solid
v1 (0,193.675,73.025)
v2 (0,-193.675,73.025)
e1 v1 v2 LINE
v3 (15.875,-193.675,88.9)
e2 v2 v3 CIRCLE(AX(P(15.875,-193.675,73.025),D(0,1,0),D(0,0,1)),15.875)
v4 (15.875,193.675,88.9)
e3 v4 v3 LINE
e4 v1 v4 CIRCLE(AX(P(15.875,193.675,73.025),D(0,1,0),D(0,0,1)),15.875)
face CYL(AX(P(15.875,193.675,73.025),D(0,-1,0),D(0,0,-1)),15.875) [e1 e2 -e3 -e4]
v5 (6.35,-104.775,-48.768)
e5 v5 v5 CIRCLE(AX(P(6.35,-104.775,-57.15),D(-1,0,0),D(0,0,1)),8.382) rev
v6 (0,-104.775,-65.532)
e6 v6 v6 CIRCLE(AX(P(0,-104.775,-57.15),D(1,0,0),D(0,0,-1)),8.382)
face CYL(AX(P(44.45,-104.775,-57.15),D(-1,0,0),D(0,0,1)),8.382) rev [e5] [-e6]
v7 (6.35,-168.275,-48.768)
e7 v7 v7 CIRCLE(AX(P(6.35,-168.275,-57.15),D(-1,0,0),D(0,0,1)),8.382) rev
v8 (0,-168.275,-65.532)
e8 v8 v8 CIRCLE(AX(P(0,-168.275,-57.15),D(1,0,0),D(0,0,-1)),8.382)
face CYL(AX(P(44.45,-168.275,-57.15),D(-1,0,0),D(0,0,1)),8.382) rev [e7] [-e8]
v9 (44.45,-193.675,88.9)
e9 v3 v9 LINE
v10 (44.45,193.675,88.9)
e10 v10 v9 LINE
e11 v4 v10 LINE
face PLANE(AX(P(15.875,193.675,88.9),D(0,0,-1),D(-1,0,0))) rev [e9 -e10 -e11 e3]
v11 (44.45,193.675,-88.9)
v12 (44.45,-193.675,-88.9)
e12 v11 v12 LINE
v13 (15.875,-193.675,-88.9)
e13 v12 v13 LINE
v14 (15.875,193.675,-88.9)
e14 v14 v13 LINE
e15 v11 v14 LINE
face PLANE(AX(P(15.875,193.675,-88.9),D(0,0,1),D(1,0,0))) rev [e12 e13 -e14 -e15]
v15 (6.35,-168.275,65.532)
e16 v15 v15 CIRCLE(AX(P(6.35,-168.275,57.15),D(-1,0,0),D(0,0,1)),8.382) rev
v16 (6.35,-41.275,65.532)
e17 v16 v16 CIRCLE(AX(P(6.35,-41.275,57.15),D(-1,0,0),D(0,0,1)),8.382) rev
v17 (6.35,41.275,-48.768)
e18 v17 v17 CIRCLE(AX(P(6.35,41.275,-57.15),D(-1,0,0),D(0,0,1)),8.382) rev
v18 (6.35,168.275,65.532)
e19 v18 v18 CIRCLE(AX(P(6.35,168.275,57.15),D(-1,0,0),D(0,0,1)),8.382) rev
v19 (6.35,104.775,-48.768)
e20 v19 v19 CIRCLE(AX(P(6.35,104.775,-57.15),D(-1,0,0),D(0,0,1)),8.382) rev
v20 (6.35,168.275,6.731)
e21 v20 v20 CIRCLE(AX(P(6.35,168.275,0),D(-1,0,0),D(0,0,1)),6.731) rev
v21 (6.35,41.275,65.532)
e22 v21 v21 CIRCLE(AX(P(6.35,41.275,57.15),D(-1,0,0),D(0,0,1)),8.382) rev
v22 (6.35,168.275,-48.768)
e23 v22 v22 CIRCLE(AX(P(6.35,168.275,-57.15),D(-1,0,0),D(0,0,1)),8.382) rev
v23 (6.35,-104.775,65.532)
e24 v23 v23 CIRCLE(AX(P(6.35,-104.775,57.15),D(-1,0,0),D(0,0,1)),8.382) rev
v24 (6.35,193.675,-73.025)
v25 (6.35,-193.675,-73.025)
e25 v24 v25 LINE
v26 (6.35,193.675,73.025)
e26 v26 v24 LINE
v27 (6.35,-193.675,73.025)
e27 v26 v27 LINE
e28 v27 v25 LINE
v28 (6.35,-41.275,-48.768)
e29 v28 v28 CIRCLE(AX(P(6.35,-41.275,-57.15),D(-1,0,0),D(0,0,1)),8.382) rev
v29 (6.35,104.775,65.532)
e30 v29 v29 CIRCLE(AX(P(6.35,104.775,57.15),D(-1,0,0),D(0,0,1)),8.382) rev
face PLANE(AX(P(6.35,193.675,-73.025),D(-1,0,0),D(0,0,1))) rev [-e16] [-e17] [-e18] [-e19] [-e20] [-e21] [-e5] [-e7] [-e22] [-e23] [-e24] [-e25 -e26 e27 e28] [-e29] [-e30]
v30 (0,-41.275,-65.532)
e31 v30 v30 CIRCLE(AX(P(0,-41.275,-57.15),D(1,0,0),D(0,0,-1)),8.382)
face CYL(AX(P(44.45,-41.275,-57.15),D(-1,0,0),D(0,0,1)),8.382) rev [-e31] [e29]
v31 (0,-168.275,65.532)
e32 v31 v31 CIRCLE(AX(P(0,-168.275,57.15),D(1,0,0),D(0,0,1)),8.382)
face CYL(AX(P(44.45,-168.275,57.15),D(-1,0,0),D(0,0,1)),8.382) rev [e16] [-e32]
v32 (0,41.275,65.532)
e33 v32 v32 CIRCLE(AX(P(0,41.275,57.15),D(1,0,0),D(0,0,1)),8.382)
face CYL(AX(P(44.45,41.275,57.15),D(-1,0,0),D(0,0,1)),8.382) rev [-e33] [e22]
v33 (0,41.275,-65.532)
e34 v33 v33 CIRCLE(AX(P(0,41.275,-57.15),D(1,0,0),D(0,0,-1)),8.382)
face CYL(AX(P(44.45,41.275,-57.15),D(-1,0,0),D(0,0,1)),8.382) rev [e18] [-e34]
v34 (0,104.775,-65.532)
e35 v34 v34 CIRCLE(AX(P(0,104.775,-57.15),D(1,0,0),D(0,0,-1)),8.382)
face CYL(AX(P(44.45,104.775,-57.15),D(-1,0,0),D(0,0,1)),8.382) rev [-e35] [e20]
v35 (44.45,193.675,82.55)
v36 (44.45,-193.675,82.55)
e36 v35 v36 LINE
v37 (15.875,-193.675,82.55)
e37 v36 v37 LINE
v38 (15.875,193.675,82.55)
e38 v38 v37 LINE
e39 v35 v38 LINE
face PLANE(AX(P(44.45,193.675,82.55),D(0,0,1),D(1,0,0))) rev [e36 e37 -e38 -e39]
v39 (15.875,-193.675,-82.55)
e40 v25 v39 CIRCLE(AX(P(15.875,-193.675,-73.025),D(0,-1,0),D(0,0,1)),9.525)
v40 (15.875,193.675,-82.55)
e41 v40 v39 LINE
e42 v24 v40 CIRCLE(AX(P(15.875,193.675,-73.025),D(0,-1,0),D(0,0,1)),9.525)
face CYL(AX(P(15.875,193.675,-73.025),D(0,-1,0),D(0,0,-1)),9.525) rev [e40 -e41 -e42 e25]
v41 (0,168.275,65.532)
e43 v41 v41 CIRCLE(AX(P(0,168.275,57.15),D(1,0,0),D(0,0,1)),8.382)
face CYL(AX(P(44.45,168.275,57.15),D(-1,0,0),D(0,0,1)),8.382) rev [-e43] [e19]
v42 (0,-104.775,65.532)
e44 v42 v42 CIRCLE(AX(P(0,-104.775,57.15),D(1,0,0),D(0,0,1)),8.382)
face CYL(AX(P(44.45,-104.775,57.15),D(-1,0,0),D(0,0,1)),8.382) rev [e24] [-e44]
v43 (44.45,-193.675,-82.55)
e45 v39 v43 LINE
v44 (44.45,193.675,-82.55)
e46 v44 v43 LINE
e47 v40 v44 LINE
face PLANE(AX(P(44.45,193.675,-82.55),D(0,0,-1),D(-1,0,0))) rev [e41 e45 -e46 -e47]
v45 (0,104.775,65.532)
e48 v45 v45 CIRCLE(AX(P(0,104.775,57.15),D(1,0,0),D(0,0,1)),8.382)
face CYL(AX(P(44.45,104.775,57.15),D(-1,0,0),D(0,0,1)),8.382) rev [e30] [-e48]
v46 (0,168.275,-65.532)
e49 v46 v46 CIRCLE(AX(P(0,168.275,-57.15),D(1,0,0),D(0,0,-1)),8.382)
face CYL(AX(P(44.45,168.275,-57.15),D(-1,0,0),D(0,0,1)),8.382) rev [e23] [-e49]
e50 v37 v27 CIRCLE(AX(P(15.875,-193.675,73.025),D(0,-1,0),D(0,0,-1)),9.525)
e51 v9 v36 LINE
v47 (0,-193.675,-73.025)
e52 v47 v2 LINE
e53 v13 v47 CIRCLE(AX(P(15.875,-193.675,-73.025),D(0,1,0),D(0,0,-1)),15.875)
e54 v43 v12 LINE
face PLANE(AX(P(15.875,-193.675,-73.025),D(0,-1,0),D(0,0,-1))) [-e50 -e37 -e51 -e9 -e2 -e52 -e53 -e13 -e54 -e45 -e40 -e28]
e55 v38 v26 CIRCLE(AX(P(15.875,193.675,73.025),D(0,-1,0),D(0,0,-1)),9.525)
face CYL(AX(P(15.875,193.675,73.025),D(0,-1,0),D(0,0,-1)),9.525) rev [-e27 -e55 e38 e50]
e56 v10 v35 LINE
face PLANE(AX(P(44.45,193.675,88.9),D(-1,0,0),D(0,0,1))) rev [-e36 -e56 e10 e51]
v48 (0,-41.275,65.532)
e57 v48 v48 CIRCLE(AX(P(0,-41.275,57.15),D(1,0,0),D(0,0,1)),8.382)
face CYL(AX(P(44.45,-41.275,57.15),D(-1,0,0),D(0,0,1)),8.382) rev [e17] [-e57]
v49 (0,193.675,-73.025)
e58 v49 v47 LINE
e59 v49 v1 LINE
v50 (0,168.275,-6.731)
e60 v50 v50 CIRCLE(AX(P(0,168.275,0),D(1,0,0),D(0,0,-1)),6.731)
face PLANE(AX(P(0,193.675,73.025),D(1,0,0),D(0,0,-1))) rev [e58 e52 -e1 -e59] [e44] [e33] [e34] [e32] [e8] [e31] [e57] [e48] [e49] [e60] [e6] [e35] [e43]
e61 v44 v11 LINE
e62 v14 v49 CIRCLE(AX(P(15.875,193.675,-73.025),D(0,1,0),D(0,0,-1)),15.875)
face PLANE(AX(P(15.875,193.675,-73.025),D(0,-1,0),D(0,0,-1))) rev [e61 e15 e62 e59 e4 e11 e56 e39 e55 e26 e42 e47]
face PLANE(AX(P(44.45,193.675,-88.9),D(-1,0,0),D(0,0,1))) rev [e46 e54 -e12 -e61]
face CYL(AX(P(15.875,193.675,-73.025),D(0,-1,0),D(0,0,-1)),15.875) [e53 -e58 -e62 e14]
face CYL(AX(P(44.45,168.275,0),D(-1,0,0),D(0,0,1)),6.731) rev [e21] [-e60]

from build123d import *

# Parameters (mm, degrees)
BASE_EXTRUDE_DEPTH      = 193.675
BASE_EXTRUDE_DEPTH_BACK = 193.675
SKETCH2_R               = 8.382
SKETCH2_R_2             = 6.731
HOLES_DEPTH             = 218.690188399


with BuildPart() as part:
    # Sketch1 → Base-Extrude (new, two sides: drawn at the far end of the back side and taken through both)
    with BuildSketch(Plane(origin=(0, 0, 0), x_dir=(0, 0, -1), z_dir=(0, 1, 0)).offset(-BASE_EXTRUDE_DEPTH_BACK)):
        with BuildLine():
            Line((-73.025, 0), (73.025, 0))
            ThreePointArc((73.025, 0), (84.250320151, -4.649679849), (88.9, -15.875))
            Line((88.9, -15.875), (88.9, -44.45))
            Line((88.9, -44.45), (82.55, -44.45))
            Line((82.55, -44.45), (82.55, -15.875))
            ThreePointArc((82.55, -15.875), (79.760192091, -9.139807909), (73.025, -6.35))
            Line((73.025, -6.35), (-73.025, -6.35))
            ThreePointArc((-73.025, -6.35), (-79.760192091, -9.139807909), (-82.55, -15.875))
            Line((-82.55, -15.875), (-82.55, -44.45))
            Line((-82.55, -44.45), (-88.9, -44.45))
            Line((-88.9, -44.45), (-88.9, -15.875))
            ThreePointArc((-88.9, -15.875), (-84.250320151, -4.649679849), (-73.025, 0))
        make_face()
    extrude(amount=BASE_EXTRUDE_DEPTH + BASE_EXTRUDE_DEPTH_BACK)

    # Sketch2 → Holes (cut, through all)
    with BuildSketch(Plane(origin=(0, 0, 0), x_dir=(0, 0, -1), z_dir=(1, 0, 0))):
        with Locations((57.15, 41.275)):
            Circle(SKETCH2_R)
        with Locations((57.15, 104.775)):
            Circle(SKETCH2_R)
        with Locations((57.15, 168.275)):
            Circle(SKETCH2_R)
        with Locations((57.15, -41.275)):
            Circle(SKETCH2_R)
        with Locations((57.15, -104.775)):
            Circle(SKETCH2_R)
        with Locations((57.15, -168.275)):
            Circle(SKETCH2_R)
        with Locations((-57.15, -168.275)):
            Circle(SKETCH2_R)
        with Locations((-57.15, -104.775)):
            Circle(SKETCH2_R)
        with Locations((-57.15, -41.275)):
            Circle(SKETCH2_R)
        with Locations((-57.15, 41.275)):
            Circle(SKETCH2_R)
        with Locations((-57.15, 104.775)):
            Circle(SKETCH2_R)
        with Locations((-57.15, 168.275)):
            Circle(SKETCH2_R)
        with Locations((0, 168.275)):
            Circle(SKETCH2_R_2)
    extrude(amount=HOLES_DEPTH, mode=Mode.SUBTRACT)


solid = part.part
